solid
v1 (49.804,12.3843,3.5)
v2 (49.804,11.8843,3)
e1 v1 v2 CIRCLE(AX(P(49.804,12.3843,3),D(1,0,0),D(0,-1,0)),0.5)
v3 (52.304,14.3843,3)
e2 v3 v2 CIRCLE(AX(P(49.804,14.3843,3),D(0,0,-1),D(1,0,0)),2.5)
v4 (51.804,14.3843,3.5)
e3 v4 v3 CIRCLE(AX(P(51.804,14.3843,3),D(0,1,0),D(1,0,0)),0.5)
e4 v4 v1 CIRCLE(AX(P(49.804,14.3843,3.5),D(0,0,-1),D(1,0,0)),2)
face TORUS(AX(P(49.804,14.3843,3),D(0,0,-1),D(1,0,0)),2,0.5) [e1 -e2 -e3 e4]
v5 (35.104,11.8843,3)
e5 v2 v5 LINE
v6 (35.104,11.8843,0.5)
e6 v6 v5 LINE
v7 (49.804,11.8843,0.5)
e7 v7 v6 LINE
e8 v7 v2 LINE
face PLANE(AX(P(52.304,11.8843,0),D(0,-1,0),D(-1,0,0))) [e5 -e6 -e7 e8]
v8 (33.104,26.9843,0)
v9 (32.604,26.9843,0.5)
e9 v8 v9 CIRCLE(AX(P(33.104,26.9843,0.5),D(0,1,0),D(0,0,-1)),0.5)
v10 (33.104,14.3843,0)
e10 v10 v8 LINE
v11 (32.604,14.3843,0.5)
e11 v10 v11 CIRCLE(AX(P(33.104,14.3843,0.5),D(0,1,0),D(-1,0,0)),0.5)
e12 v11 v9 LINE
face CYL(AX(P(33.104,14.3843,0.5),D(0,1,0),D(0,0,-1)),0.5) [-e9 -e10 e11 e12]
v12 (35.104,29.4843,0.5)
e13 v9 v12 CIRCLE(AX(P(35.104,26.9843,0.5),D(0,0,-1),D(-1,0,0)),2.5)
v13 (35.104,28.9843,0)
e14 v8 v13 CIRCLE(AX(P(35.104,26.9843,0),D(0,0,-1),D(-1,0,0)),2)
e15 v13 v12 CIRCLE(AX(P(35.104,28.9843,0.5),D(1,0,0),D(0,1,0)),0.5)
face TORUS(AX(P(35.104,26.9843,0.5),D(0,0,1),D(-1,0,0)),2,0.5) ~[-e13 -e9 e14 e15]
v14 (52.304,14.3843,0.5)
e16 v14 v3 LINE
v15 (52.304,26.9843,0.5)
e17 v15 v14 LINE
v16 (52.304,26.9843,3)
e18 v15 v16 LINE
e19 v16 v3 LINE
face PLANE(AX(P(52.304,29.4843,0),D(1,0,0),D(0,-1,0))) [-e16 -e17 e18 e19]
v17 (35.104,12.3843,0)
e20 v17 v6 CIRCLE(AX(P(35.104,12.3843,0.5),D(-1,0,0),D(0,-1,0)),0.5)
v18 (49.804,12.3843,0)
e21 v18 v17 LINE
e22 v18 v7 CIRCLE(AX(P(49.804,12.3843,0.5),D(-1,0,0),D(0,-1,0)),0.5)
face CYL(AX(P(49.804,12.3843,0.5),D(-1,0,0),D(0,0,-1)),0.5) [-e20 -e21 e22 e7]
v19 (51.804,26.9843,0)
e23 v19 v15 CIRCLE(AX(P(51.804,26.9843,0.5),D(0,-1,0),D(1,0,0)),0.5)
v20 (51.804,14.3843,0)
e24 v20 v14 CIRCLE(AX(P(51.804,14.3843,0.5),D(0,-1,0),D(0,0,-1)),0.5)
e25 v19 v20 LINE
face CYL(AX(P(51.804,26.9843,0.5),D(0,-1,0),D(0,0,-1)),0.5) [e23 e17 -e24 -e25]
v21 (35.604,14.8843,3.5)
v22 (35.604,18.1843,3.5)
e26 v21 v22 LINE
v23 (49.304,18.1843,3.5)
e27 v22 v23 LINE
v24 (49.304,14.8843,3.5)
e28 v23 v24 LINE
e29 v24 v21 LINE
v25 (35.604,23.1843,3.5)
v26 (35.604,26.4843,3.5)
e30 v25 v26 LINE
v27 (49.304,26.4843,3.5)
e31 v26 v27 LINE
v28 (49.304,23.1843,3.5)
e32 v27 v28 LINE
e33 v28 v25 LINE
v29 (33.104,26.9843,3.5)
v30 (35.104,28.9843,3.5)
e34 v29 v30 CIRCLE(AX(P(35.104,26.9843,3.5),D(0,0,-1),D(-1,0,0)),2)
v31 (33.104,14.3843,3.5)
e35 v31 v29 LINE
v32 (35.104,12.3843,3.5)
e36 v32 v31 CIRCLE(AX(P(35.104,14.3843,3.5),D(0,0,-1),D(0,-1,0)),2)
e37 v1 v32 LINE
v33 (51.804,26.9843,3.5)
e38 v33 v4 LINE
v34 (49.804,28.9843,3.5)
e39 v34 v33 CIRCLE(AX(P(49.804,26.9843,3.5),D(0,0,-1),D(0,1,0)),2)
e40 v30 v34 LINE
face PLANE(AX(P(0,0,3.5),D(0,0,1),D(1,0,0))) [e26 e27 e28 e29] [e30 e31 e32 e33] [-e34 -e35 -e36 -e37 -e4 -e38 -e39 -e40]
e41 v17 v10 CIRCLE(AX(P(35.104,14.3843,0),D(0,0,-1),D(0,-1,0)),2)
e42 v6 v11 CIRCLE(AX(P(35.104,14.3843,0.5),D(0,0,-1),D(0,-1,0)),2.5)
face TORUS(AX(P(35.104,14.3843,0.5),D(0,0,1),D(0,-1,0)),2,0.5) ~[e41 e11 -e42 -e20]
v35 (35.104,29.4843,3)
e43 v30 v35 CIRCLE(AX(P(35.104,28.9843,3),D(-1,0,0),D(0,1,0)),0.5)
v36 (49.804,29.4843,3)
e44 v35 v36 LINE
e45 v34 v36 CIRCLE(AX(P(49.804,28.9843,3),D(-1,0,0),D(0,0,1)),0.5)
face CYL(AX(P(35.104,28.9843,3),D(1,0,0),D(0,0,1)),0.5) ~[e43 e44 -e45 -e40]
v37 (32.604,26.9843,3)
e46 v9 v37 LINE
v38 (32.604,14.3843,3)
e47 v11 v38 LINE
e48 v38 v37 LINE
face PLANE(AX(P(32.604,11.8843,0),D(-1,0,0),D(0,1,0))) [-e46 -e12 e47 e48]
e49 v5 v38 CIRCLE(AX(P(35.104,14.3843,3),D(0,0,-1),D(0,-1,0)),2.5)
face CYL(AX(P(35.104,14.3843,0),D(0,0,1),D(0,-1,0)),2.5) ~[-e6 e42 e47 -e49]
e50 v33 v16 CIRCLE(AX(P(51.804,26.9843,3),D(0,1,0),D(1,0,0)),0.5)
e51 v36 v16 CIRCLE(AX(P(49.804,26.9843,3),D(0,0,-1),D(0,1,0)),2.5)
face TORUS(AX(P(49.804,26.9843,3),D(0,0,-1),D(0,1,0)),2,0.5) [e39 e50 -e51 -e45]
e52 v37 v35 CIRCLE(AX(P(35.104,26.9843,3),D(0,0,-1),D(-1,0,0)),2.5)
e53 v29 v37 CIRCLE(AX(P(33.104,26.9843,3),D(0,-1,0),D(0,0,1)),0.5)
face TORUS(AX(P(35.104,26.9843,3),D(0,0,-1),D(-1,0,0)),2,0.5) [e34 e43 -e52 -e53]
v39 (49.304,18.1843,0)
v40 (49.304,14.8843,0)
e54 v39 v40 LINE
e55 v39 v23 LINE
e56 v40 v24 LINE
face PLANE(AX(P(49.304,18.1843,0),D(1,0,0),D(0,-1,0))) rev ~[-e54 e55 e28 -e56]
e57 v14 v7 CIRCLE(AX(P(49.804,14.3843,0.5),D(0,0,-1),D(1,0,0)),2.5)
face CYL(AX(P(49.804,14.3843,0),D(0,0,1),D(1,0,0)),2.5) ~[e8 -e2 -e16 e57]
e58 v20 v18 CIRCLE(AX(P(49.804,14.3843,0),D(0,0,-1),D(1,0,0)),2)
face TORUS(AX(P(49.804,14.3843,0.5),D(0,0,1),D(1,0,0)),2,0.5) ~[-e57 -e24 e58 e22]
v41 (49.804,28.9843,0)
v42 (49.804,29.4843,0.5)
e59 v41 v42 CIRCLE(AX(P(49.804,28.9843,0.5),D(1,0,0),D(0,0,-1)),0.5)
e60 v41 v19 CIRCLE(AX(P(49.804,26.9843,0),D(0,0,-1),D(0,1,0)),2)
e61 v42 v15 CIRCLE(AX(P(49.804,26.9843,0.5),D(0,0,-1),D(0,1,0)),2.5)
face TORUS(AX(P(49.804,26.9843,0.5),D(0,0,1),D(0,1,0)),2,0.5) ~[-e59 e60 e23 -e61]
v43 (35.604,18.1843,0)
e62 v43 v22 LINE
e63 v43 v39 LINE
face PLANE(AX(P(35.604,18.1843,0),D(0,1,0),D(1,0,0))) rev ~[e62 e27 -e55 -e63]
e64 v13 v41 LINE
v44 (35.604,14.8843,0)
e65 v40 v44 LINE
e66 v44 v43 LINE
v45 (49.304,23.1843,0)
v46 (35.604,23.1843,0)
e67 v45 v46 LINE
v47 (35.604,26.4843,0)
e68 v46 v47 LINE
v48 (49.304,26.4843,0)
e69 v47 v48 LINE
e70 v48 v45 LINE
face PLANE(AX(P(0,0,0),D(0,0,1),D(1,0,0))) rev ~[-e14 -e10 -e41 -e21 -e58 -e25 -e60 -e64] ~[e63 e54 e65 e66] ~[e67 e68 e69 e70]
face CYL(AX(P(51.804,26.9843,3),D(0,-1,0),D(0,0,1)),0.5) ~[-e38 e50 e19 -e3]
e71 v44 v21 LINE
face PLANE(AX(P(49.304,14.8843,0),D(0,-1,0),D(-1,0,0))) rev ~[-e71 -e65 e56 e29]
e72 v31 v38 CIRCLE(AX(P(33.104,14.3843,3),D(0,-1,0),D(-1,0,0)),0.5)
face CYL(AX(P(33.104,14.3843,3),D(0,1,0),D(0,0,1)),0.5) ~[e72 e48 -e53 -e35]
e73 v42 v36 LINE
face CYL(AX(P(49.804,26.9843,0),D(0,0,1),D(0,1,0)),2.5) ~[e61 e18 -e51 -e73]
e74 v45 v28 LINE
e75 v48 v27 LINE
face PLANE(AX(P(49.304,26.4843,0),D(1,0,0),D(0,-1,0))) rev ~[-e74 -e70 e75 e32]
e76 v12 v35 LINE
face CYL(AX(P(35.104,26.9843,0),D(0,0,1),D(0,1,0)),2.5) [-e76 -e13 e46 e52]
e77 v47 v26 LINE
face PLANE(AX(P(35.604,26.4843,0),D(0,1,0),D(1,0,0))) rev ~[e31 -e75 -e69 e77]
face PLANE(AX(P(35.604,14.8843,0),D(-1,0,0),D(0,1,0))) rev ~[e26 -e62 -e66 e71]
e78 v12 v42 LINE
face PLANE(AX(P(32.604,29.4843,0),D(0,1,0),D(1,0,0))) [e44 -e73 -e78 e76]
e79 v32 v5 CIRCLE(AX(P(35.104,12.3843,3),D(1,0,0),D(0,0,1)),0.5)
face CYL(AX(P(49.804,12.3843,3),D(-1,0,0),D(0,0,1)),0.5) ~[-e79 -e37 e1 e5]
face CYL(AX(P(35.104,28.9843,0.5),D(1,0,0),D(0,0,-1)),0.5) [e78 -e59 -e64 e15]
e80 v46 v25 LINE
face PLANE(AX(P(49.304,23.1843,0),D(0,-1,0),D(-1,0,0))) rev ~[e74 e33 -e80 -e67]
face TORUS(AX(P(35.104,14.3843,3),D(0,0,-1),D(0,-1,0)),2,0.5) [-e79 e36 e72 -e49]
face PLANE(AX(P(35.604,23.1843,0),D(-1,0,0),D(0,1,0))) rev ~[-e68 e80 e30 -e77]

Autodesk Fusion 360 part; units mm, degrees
sketch "Sketch1" plane through (0, 0, 0) normal (0, 0, 1) x (1, 0, 0)
  line L0 (32.604, 29.4843) -> (52.304, 29.4843)
  line L1 (52.304, 29.4843) -> (52.304, 11.8843)
  line L2 (52.304, 11.8843) -> (32.604, 11.8843)
  line L3 (32.604, 11.8843) -> (32.604, 29.4843)
  line L4 (35.604, 26.4843) -> (49.304, 26.4843)
  line L5 (49.304, 26.4843) -> (49.304, 23.1843)
  line L6 (49.304, 23.1843) -> (35.604, 23.1843)
  line L7 (35.604, 23.1843) -> (35.604, 26.4843)
  line L8 (35.604, 18.1843) -> (49.304, 18.1843)
  line L9 (49.304, 18.1843) -> (49.304, 14.8843)
  line L10 (49.304, 14.8843) -> (35.604, 14.8843)
  line L11 (35.604, 14.8843) -> (35.604, 18.1843)
  dimension "d2" = 3.3
  dimension "d3" = 3.3
  dimension "d4" = 13.7
  dimension "d5" = 13.7
  dimension "d6" = 5
  dimension "d7" = 3
  dimension "d8" = 3
  dimension "d9" = 3
  dimension "d10" = 3
  dimension "d11" = 3
extrude "Extrude1" add sketch "Sketch1" along normal blind 3.5
fillet "Fillet1" radius 2.5 4 edges at (32.604, 29.4843, 1.75) (52.304, 29.4843, 1.75) (32.604, 11.8843, 1.75) (52.304, 11.8843, 1.75)
fillet "Fillet2" radius 0.5 16 edges at (51.5717, 12.6165, 3.5) (52.304, 20.6843, 3.5) (51.5717, 28.752, 3.5) (42.454, 29.4843, 3.5) (33.3362, 28.752, 3.5) (32.604, 20.6843, 3.5) (33.3362, 12.6165, 3.5) (42.454, 11.8843, 3.5) (33.3362, 12.6165, 0) (32.604, 20.6843, 0) (33.3362, 28.752, 0) (42.454, 29.4843, 0) (51.5717, 28.752, 0) (52.304, 20.6843, 0) (51.5717, 12.6165, 0) (42.454, 11.8843, 0)
equation "d3 = 3 mm + 0.3 mm"
equation "d4 = 0.5 in + 1 mm"
equation "d5 = 0.5 in + 1 mm"
